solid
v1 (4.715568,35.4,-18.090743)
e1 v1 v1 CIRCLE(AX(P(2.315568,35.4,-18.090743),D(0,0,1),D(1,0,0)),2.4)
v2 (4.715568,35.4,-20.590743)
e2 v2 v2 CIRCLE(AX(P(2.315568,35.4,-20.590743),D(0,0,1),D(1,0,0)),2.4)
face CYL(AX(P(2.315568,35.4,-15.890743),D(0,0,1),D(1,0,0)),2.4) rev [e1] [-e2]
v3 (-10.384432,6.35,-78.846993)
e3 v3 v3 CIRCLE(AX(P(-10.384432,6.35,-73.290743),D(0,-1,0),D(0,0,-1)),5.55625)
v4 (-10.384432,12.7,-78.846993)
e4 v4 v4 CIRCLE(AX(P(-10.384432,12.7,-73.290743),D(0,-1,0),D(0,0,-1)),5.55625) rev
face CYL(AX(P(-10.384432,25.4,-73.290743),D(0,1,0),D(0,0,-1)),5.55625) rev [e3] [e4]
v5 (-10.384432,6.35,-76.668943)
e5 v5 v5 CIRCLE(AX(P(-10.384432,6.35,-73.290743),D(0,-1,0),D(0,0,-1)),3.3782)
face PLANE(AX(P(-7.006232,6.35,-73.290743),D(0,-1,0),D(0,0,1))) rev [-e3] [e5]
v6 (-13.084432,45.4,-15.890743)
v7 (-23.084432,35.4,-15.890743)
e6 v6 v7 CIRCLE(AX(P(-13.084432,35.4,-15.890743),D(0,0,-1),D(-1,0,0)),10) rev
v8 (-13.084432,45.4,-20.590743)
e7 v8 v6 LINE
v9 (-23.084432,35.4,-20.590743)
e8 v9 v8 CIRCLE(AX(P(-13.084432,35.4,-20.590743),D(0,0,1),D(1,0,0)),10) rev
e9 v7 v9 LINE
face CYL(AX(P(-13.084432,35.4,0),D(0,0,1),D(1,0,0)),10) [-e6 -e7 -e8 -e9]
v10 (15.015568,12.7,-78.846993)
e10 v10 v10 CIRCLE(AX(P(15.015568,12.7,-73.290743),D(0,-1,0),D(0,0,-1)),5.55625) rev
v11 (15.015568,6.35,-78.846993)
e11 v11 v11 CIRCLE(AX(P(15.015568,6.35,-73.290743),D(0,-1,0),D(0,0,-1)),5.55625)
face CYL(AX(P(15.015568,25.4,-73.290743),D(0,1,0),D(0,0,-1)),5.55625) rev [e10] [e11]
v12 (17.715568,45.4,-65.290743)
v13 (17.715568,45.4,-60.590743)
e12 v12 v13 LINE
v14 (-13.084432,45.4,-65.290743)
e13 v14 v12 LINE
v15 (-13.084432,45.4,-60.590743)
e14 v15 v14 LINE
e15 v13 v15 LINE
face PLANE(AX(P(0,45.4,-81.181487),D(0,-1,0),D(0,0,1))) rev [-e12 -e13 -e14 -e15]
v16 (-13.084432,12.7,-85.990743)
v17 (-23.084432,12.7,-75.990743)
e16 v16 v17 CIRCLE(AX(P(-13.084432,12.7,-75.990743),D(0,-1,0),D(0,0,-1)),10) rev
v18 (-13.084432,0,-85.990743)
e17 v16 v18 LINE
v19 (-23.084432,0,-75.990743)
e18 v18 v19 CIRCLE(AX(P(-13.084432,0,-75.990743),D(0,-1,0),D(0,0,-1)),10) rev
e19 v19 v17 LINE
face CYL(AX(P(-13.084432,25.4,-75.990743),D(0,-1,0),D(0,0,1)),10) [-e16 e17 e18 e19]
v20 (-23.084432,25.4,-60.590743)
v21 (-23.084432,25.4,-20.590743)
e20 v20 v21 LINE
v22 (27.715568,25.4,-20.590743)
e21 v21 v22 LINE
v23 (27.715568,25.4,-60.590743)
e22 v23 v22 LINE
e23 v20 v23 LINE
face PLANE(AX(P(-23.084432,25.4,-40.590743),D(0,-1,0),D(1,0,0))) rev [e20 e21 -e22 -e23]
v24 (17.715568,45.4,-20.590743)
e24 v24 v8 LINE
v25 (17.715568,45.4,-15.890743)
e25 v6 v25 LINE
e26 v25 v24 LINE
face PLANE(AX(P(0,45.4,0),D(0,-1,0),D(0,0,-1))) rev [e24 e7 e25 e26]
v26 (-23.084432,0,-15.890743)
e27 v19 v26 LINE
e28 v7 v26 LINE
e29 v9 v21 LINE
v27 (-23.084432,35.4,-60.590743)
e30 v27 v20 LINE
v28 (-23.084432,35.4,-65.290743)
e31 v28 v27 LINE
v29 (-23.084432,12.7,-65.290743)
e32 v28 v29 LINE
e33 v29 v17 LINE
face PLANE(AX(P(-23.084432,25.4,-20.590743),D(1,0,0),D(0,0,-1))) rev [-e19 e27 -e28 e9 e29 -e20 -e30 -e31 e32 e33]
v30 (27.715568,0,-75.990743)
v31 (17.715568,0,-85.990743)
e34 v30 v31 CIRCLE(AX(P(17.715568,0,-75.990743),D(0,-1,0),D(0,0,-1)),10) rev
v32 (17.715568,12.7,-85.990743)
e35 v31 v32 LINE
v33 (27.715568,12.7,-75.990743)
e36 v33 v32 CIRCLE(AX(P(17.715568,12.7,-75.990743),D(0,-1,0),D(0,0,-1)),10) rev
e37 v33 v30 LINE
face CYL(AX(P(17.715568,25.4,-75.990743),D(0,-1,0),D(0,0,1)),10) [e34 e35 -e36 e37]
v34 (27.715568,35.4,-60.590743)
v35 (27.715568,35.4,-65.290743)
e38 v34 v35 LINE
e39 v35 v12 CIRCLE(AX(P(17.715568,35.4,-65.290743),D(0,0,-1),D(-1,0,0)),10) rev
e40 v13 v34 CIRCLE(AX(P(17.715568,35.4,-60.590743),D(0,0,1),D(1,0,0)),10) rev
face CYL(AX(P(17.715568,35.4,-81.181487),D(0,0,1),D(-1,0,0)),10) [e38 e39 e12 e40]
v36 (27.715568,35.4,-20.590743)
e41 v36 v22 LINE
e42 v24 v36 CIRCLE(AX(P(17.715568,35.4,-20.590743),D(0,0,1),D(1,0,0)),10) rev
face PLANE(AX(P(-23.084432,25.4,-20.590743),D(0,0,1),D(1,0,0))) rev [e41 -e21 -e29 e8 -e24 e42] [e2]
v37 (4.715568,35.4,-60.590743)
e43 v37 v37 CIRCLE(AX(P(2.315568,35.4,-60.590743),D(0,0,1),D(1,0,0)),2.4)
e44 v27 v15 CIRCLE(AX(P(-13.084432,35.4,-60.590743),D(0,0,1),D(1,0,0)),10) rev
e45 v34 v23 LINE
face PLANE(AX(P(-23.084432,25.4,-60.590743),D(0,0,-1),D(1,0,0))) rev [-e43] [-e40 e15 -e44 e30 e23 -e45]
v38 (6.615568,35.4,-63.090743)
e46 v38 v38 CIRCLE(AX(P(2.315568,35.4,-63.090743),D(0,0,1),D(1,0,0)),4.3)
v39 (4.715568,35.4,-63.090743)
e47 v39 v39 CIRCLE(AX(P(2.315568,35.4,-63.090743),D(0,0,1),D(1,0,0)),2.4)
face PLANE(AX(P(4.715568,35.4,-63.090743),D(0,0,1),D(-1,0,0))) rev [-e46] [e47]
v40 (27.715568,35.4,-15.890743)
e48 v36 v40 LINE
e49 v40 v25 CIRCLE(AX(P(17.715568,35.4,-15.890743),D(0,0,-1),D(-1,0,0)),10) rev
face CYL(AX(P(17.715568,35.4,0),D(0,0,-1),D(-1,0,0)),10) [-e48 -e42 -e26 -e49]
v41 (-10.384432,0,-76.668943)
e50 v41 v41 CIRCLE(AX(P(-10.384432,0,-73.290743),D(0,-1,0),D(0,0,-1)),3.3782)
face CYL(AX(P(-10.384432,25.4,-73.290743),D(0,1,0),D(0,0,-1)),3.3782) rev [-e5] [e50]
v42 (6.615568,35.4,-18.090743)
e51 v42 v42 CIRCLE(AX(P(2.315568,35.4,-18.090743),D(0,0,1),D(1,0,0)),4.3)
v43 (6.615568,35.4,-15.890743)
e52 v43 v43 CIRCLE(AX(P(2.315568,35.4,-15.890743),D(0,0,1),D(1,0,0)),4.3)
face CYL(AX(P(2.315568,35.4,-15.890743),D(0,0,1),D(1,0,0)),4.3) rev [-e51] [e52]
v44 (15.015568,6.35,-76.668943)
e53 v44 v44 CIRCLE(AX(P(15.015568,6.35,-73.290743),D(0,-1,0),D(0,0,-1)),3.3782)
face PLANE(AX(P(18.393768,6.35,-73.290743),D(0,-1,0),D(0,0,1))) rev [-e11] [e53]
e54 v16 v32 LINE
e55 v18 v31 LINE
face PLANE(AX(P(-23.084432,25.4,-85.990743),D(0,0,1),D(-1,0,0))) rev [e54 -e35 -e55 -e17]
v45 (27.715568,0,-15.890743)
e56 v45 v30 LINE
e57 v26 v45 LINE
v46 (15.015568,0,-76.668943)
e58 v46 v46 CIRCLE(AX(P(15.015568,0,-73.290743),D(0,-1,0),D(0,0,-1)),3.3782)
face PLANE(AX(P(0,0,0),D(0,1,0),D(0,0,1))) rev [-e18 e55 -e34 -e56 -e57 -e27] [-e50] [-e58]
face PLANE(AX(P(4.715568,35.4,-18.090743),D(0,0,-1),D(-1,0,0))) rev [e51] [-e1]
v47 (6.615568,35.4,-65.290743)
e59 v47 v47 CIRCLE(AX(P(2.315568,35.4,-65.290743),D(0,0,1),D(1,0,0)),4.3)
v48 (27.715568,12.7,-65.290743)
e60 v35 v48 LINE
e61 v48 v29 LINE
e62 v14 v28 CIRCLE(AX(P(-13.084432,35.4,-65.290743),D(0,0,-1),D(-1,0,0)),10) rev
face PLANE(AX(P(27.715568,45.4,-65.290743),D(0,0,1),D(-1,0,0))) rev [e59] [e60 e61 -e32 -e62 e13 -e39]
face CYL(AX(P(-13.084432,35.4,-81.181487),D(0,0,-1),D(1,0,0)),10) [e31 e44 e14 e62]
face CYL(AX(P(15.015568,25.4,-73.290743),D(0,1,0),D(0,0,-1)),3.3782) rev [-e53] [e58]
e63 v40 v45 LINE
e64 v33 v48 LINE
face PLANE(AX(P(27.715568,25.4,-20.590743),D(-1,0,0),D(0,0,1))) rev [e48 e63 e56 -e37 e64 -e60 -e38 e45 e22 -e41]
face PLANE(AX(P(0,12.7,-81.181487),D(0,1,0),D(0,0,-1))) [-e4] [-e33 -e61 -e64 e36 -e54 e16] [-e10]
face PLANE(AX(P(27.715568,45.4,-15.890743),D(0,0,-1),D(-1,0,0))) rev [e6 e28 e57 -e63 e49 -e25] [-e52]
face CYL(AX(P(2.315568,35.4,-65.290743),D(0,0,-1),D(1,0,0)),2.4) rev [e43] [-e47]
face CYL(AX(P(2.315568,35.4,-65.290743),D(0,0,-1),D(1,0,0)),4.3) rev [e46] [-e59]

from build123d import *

# Parameters (mm, degrees)
SKETCH1_W                                        = 50.8
SKETCH1_H                                        = 25.4
BOSS_EXTRUDE1_DEPTH                              = 25.4
CBORE_FOR_1_4_SOCKET_HEAD_CAP_SCREW1_D           = 6.7564
CBORE_FOR_1_4_SOCKET_HEAD_CAP_SCREW1_CBORE_D     = 11.1125
CBORE_FOR_1_4_SOCKET_HEAD_CAP_SCREW1_CBORE_DEPTH = 19.05
SKETCH6_W                                        = 50.8
SKETCH6_H                                        = 4.7
BOSS_EXTRUDE2_DEPTH                              = 20
CBORE_FOR_M4_SBHCS1_D                            = 4.8
CBORE_FOR_M4_SBHCS1_CBORE_D                      = 8.6
CBORE_FOR_M4_SBHCS1_CBORE_DEPTH                  = 2.2
FILLET1_R                                        = 10
SKETCH15_W                                       = 50.8
SKETCH15_H                                       = 25.4
BOSS_EXTRUDE3_DEPTH                              = 20
SKETCH16_W                                       = 51.113320751
SKETCH16_H                                       = 27.993322013
CUT_EXTRUDE2_DEPTH                               = 12.7
SKETCH17_W                                       = 50.8
SKETCH17_H                                       = 12.7
CUT_EXTRUDE3_DEPTH                               = 20.7


with BuildPart() as part:
    # Sketch1 → Boss-Extrude1 (new body)
    with BuildSketch(Plane(origin=(0, 0, 0), x_dir=(1, 0, 0), z_dir=(0, 1, 0))):
        with Locations((2.315568022, 7.890743338)):
            Rectangle(SKETCH1_W, SKETCH1_H)
    extrude(amount=BOSS_EXTRUDE1_DEPTH)

    # CBORE for 1/4 Socket Head Cap Screw1 (through all)
    with Locations(Plane(origin=(0, 25.4, 0), x_dir=(1, 0, 0), z_dir=(0, 1, 0))):
        with Locations((-10.384431978, 7.890743338), (15.015568022, 7.890743338)):
            CounterBoreHole(CBORE_FOR_1_4_SOCKET_HEAD_CAP_SCREW1_D / 2, CBORE_FOR_1_4_SOCKET_HEAD_CAP_SCREW1_CBORE_D / 2, CBORE_FOR_1_4_SOCKET_HEAD_CAP_SCREW1_CBORE_DEPTH)

    # Sketch6 → Boss-Extrude2 (add)
    with BuildSketch(Plane(origin=(0, 25.4, 0), x_dir=(1, 0, 0), z_dir=(0, 1, 0))):
        with Locations((2.315568022, 18.240743338)):
            Rectangle(SKETCH6_W, SKETCH6_H)
    extrude(amount=BOSS_EXTRUDE2_DEPTH)

    # CBORE for M4 SBHCS1 (through all)
    with Locations(Plane.XY.offset(-15.890743338)):
        with Locations((2.315568022, 35.4)):
            CounterBoreHole(CBORE_FOR_M4_SBHCS1_D / 2, CBORE_FOR_M4_SBHCS1_CBORE_D / 2, CBORE_FOR_M4_SBHCS1_CBORE_DEPTH)

    # Fillet1
    fillet1_edges = [part.edges().sort_by_distance(p)[0] for p in [
        (27.715568022, 45.4, -18.240743338),
        (-23.084431978, 45.4, -18.240743338),
        (27.715568022, 12.7, 4.809256662),
        (-23.084431978, 12.7, 4.809256662),
    ]]
    fillet(fillet1_edges, radius=FILLET1_R)

    # Sketch15 → Boss-Extrude3 (add)
    with BuildSketch(Plane(origin=(0, 0, -20.590743338), x_dir=(-1, 0, 0), z_dir=(0, 0, -1))):
        with Locations((-2.315568022, 12.7)):
            Rectangle(SKETCH15_W, SKETCH15_H)
    extrude(amount=BOSS_EXTRUDE3_DEPTH)

    # Sketch16 → Cut-Extrude2 (cut)
    with BuildSketch(Plane(origin=(0, 25.4, 0), x_dir=(1, 0, 0), z_dir=(0, 1, 0))):
        with Locations((2.472228398, 1.894082332)):
            Rectangle(SKETCH16_W, SKETCH16_H)
    extrude(amount=-CUT_EXTRUDE2_DEPTH, mode=Mode.SUBTRACT)

    # Mirror1: part across plane


with BuildPart() as part_1:
    add(part.part)
    add(part.part.mirror(Plane(origin=(0, 0, -40.590743338), x_dir=(1, 0, 0), z_dir=(0, 0, -1))))

    # Sketch17 → Cut-Extrude3 (cut)
    with BuildSketch(Plane.XY.offset(4.809256662)):
        with Locations((2.315568022, 6.35)):
            Rectangle(SKETCH17_W, SKETCH17_H)
    extrude(amount=-CUT_EXTRUDE3_DEPTH, mode=Mode.SUBTRACT)


solid = part_1.part
